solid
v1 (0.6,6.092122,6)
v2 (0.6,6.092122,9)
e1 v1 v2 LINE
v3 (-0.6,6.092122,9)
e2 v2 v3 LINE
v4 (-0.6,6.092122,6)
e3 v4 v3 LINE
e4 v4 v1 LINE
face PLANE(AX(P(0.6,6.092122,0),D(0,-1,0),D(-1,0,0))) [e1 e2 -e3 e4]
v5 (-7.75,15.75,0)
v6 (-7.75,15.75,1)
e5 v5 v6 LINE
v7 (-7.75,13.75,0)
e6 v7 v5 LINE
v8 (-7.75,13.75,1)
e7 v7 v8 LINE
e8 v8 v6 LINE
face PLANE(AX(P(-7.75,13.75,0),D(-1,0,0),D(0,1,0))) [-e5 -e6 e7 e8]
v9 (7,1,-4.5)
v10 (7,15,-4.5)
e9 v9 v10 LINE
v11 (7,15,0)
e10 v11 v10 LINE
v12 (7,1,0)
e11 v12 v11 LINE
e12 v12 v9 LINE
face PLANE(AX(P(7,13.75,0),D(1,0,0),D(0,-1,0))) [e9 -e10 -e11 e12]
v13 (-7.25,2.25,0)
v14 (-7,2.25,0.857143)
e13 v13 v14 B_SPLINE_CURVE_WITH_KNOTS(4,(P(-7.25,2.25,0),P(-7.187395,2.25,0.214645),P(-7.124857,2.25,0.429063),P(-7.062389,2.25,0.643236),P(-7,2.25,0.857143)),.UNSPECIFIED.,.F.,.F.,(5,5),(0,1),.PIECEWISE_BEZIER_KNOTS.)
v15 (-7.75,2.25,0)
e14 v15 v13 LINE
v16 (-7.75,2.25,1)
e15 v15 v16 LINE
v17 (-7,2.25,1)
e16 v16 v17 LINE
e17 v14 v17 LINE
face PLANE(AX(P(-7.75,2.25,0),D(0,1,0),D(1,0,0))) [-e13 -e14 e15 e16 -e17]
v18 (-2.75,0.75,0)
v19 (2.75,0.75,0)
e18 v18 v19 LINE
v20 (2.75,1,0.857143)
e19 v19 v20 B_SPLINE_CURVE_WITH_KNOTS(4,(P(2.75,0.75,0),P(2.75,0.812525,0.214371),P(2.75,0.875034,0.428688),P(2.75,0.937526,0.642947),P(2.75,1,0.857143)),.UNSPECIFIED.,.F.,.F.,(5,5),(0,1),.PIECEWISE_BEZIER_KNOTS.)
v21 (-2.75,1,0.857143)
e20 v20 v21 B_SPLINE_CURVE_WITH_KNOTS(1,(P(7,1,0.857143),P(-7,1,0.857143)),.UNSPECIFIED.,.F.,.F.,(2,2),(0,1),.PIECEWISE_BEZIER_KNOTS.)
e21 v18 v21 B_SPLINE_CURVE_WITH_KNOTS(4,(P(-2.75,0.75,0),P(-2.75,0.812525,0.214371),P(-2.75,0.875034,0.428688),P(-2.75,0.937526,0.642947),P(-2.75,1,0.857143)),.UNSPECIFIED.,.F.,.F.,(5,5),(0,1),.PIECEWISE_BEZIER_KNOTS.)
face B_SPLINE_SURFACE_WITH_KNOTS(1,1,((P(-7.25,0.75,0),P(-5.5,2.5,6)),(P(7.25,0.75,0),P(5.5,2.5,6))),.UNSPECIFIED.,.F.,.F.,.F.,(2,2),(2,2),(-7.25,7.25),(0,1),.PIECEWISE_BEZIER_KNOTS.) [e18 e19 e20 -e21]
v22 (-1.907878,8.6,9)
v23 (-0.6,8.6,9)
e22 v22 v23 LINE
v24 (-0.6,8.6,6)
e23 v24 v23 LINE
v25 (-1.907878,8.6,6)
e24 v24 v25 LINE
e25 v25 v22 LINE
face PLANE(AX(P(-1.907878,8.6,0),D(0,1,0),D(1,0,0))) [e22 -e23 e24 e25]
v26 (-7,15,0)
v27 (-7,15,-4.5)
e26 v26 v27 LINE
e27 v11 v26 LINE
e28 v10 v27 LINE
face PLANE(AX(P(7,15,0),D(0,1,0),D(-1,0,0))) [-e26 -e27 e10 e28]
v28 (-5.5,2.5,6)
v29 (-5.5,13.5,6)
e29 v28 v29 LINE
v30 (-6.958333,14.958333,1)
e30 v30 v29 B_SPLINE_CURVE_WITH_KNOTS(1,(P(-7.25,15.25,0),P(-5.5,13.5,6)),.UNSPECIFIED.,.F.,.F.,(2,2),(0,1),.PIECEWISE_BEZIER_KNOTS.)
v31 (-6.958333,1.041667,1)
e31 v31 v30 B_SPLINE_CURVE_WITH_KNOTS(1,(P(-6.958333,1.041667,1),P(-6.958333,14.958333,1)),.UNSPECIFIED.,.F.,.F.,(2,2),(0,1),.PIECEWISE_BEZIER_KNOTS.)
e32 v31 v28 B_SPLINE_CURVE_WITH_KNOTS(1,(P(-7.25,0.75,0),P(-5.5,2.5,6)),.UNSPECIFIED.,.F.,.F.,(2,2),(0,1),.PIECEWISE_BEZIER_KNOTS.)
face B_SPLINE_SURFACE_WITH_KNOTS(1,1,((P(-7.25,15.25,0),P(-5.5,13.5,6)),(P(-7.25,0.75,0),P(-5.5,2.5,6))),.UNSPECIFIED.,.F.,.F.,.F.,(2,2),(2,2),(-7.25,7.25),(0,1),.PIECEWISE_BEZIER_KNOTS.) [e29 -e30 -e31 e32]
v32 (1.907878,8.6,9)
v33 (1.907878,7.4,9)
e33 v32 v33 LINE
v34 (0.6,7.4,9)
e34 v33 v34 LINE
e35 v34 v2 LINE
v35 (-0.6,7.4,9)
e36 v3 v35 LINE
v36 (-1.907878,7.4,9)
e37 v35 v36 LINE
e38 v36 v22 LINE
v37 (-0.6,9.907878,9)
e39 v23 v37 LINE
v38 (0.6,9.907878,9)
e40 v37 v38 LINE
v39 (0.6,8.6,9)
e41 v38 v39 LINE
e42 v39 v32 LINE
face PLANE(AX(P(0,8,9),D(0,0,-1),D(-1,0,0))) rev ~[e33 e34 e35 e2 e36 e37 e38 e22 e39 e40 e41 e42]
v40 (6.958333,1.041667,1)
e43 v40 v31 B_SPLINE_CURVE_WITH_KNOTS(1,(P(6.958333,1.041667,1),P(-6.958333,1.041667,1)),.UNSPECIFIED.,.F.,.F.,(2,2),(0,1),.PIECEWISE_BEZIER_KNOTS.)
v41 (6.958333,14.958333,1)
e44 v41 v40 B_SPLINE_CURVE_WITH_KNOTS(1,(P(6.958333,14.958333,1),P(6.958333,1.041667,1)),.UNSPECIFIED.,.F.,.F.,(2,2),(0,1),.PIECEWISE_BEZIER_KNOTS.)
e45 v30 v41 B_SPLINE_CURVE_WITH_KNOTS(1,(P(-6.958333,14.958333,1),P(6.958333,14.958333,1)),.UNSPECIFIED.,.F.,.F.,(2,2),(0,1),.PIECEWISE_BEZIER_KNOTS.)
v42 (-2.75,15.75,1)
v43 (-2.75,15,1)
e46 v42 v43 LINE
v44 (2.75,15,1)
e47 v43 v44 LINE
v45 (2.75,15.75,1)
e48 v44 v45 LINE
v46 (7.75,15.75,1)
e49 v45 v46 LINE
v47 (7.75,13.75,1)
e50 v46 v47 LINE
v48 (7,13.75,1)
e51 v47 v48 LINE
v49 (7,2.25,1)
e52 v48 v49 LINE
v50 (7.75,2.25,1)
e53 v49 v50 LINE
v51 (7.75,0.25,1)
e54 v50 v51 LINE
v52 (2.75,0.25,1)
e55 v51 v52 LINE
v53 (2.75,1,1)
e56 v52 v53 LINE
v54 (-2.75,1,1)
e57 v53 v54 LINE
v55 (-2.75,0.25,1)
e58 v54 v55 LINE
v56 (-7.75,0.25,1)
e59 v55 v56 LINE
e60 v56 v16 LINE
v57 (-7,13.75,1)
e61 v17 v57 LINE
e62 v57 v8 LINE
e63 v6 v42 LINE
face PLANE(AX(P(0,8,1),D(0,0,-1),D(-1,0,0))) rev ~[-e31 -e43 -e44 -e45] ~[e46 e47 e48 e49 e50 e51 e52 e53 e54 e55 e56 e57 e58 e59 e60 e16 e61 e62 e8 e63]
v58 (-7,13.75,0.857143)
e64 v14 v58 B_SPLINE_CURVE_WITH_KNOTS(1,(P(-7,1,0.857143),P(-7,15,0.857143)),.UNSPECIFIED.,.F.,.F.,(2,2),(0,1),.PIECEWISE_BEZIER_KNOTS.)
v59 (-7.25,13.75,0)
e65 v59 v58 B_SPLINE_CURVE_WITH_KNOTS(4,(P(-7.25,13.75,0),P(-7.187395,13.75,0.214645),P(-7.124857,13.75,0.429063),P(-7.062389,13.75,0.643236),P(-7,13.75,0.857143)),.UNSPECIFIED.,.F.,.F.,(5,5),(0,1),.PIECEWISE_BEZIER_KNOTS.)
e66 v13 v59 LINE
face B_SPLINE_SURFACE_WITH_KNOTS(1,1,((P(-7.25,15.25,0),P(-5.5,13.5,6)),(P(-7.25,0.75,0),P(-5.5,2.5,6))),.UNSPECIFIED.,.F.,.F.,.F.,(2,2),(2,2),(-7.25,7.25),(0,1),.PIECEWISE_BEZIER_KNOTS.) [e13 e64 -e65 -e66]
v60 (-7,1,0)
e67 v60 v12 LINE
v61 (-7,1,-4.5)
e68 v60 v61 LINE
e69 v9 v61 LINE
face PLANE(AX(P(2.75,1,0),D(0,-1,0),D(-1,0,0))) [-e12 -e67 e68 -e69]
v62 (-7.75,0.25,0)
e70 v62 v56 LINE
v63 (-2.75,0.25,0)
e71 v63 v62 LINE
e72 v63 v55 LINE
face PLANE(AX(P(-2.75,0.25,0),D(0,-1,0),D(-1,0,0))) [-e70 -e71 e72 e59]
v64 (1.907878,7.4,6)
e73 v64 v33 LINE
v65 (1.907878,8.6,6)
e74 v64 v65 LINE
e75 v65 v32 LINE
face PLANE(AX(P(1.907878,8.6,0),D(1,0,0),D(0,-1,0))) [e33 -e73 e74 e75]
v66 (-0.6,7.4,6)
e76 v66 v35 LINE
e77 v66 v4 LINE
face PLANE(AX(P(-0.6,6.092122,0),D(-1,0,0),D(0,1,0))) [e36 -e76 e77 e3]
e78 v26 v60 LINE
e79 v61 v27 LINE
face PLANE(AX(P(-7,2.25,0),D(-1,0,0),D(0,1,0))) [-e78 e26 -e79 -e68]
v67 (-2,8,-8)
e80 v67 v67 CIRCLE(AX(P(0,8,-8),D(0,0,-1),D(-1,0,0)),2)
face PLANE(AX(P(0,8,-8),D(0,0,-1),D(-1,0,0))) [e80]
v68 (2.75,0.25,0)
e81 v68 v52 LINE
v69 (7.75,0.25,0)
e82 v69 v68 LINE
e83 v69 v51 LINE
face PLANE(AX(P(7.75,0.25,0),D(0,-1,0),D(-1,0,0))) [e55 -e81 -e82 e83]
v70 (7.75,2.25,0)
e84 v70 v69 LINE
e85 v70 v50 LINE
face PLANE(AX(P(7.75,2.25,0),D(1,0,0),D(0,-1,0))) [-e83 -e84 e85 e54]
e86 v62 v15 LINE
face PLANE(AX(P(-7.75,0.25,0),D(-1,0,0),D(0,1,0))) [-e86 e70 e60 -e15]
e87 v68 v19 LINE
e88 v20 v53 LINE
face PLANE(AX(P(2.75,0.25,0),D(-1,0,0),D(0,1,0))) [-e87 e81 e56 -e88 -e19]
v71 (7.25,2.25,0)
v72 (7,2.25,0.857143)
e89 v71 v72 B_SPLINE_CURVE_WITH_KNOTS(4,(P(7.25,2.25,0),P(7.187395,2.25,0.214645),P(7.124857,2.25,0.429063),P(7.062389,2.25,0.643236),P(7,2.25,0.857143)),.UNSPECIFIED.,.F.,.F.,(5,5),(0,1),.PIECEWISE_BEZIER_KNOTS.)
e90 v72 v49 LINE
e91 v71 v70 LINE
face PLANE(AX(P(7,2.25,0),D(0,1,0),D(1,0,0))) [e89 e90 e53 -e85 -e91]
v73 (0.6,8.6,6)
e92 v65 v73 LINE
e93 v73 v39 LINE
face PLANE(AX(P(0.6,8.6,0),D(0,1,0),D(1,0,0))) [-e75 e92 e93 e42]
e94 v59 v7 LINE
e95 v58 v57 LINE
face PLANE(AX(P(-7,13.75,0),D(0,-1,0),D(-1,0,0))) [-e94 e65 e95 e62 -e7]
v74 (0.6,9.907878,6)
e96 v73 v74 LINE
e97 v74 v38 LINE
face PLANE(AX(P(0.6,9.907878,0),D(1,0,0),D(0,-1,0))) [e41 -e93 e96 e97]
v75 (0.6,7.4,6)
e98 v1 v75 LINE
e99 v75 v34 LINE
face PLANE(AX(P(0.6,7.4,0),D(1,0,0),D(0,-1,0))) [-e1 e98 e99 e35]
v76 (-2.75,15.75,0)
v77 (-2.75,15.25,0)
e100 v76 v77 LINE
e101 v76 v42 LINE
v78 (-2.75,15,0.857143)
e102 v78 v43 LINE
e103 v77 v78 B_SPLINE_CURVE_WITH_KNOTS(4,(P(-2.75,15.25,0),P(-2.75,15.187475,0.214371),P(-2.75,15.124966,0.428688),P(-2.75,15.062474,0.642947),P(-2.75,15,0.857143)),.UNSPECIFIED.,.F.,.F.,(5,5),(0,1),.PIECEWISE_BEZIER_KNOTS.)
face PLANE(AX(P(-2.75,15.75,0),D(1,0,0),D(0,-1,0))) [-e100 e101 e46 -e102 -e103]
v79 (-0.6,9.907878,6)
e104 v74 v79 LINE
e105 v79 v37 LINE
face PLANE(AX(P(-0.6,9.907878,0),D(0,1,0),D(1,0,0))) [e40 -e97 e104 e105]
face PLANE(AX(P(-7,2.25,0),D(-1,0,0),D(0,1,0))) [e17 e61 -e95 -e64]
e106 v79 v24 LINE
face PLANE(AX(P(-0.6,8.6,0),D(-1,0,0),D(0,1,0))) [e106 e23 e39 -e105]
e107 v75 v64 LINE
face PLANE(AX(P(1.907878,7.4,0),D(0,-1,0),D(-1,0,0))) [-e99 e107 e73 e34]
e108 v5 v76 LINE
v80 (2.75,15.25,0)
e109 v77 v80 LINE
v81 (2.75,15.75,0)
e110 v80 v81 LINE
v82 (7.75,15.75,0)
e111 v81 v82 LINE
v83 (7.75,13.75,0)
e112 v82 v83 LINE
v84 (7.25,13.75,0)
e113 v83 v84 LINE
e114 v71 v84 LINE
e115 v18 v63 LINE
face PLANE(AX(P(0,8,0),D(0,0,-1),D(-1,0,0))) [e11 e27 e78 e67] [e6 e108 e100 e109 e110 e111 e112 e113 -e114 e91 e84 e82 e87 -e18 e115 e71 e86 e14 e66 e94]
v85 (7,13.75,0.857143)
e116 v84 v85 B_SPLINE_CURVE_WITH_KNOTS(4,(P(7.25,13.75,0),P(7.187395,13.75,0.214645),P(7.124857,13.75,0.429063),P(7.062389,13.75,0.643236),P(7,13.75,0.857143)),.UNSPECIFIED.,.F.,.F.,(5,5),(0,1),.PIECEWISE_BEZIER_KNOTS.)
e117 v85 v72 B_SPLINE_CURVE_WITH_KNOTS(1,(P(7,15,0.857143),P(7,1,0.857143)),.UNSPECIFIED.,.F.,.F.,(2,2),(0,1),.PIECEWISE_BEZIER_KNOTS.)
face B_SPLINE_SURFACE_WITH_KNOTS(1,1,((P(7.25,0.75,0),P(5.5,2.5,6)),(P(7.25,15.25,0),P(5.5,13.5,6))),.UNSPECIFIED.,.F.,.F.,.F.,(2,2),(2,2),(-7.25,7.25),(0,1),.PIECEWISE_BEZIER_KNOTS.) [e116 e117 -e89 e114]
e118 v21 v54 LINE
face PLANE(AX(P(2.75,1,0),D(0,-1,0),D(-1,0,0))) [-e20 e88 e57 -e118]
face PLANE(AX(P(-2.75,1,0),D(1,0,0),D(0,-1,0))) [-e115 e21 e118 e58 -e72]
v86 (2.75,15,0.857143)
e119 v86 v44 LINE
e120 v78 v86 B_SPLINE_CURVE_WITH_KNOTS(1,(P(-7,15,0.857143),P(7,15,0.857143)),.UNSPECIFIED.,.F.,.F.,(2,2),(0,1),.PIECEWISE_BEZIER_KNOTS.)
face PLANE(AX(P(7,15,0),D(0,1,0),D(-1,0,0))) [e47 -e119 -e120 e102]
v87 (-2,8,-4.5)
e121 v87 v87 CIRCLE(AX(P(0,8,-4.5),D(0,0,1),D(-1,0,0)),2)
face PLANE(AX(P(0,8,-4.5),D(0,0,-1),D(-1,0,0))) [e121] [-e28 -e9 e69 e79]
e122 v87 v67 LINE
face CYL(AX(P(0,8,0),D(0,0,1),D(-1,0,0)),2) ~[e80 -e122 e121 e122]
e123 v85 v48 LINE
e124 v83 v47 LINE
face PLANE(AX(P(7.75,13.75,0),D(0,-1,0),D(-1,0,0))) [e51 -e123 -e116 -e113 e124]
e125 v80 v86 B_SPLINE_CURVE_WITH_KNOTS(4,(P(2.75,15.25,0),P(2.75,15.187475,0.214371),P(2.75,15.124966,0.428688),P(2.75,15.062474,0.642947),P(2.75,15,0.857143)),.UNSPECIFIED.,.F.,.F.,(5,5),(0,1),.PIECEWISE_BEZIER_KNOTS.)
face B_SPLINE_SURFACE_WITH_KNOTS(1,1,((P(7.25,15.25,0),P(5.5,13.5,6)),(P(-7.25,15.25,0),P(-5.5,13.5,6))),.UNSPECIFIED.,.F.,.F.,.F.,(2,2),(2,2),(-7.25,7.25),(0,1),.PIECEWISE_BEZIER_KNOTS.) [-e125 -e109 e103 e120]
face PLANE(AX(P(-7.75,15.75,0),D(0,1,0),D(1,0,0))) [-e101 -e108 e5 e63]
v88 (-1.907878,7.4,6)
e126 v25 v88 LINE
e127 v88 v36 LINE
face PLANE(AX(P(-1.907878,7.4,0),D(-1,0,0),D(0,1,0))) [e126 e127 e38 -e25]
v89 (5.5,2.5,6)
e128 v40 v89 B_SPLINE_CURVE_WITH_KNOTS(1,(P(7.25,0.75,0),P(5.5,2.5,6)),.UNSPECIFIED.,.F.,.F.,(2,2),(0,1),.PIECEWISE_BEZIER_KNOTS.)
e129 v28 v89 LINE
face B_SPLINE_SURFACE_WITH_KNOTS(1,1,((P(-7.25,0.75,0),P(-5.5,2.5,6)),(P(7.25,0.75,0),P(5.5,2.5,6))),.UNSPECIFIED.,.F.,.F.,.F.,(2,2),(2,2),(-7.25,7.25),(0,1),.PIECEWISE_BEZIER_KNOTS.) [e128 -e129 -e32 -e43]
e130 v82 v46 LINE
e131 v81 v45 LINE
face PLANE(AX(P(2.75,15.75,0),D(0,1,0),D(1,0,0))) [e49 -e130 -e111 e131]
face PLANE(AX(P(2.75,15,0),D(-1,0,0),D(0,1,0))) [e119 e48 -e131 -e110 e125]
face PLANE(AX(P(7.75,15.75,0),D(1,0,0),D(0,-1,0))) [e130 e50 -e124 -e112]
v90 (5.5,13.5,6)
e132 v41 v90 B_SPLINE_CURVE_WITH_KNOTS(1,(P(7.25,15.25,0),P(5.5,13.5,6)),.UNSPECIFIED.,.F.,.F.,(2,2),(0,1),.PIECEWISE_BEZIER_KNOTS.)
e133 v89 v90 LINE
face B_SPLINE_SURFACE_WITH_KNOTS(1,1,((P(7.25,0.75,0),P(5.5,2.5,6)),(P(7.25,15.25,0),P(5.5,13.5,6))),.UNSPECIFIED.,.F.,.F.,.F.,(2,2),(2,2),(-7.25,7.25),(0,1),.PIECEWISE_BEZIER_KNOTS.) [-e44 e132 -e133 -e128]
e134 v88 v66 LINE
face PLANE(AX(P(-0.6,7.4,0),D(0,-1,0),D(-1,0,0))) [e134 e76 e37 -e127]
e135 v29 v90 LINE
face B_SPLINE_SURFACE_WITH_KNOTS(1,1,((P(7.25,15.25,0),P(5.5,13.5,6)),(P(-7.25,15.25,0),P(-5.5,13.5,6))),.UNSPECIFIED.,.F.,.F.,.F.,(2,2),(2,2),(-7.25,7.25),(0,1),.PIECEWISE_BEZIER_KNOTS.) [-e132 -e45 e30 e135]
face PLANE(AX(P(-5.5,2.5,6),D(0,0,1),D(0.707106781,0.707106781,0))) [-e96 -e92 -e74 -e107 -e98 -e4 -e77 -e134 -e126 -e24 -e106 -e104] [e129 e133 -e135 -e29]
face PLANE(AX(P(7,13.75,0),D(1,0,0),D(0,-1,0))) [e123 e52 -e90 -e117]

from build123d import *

# Parameters (mm, degrees)
BOX017_W          = 14
BOX017_H          = 14
BOX017_DEPTH      = 4.5
CYLINDER095_R     = 2
CYLINDER095_DEPTH = 8
PAD089_DEPTH      = 1
SKETCH155_W       = 14.5
SKETCH155_H       = 14.5
SKETCH156_W       = 11
SKETCH156_H       = 11
PAD090_DEPTH      = 9
SKETCH158_W       = 7.5
SKETCH158_H       = 6
PAD092_DEPTH      = 1


with BuildPart() as part:
    # Box017 → Box017 (join)
    with BuildSketch(Plane(origin=(7, -7, 0), x_dir=(-1, 0, 0), z_dir=(0, 0, -1))):
        with Locations((7, 7)):
            Rectangle(BOX017_W, BOX017_H)
    extrude(amount=BOX017_DEPTH)

    # Cylinder095 → Cylinder095 (join)
    with BuildSketch(Plane(origin=(0, 0, 0), x_dir=(-1, 0, 0), z_dir=(0, 0, -1))):
        Circle(CYLINDER095_R)
    extrude(amount=CYLINDER095_DEPTH)

    # Sketch154 → Pad089 (join)
    with BuildSketch(Plane.XY):
        Polygon((-7.75, 5.75), (-7.75, 7.75), (-2.75, 7.75), (-2.75, 7), (2.75, 7), (2.75, 7.75), (7.75, 7.75), (7.75, 5.75), (7, 5.75), (7, -5.75), (7.75, -5.75), (7.75, -7.75), (2.75, -7.75), (2.75, -7), (-2.75, -7), (-2.75, -7.75), (-7.75, -7.75), (-7.75, -5.75), (-7, -5.75), (-7, 5.75), align=None)
    extrude(amount=PAD089_DEPTH)

    # Sketch155 → AdditiveLoft002 section 0
    with BuildSketch(Plane.XY):
        Rectangle(SKETCH155_W, SKETCH155_H)
    # Sketch156 → AdditiveLoft002 section 1
    with BuildSketch(Plane.XY.offset(6)):
        Rectangle(SKETCH156_W, SKETCH156_H)
    loft()

    # Sketch157 → Pad090 (join)
    with BuildSketch(Plane.XY):
        Polygon((-0.6, 1.907878), (0.6, 1.907878), (0.6, 0.6), (1.907878, 0.6), (1.907878, -0.6), (0.6, -0.6), (0.6, -1.907878), (-0.6, -1.907878), (-0.6, -0.6), (-1.907878, -0.6), (-1.907878, 0.6), (-0.6, 0.6), align=None)
    extrude(amount=PAD090_DEPTH)

    # Sketch158 → Pad092 (join)
    with BuildSketch(Plane.XY.offset(5)):
        Rectangle(SKETCH158_W, SKETCH158_H)
    extrude(amount=PAD092_DEPTH)


with BuildPart() as part_1:
    # Body181003 placement: moved
    add(part.part.moved(Location((0, 8, 0))))


solid = part_1.part
